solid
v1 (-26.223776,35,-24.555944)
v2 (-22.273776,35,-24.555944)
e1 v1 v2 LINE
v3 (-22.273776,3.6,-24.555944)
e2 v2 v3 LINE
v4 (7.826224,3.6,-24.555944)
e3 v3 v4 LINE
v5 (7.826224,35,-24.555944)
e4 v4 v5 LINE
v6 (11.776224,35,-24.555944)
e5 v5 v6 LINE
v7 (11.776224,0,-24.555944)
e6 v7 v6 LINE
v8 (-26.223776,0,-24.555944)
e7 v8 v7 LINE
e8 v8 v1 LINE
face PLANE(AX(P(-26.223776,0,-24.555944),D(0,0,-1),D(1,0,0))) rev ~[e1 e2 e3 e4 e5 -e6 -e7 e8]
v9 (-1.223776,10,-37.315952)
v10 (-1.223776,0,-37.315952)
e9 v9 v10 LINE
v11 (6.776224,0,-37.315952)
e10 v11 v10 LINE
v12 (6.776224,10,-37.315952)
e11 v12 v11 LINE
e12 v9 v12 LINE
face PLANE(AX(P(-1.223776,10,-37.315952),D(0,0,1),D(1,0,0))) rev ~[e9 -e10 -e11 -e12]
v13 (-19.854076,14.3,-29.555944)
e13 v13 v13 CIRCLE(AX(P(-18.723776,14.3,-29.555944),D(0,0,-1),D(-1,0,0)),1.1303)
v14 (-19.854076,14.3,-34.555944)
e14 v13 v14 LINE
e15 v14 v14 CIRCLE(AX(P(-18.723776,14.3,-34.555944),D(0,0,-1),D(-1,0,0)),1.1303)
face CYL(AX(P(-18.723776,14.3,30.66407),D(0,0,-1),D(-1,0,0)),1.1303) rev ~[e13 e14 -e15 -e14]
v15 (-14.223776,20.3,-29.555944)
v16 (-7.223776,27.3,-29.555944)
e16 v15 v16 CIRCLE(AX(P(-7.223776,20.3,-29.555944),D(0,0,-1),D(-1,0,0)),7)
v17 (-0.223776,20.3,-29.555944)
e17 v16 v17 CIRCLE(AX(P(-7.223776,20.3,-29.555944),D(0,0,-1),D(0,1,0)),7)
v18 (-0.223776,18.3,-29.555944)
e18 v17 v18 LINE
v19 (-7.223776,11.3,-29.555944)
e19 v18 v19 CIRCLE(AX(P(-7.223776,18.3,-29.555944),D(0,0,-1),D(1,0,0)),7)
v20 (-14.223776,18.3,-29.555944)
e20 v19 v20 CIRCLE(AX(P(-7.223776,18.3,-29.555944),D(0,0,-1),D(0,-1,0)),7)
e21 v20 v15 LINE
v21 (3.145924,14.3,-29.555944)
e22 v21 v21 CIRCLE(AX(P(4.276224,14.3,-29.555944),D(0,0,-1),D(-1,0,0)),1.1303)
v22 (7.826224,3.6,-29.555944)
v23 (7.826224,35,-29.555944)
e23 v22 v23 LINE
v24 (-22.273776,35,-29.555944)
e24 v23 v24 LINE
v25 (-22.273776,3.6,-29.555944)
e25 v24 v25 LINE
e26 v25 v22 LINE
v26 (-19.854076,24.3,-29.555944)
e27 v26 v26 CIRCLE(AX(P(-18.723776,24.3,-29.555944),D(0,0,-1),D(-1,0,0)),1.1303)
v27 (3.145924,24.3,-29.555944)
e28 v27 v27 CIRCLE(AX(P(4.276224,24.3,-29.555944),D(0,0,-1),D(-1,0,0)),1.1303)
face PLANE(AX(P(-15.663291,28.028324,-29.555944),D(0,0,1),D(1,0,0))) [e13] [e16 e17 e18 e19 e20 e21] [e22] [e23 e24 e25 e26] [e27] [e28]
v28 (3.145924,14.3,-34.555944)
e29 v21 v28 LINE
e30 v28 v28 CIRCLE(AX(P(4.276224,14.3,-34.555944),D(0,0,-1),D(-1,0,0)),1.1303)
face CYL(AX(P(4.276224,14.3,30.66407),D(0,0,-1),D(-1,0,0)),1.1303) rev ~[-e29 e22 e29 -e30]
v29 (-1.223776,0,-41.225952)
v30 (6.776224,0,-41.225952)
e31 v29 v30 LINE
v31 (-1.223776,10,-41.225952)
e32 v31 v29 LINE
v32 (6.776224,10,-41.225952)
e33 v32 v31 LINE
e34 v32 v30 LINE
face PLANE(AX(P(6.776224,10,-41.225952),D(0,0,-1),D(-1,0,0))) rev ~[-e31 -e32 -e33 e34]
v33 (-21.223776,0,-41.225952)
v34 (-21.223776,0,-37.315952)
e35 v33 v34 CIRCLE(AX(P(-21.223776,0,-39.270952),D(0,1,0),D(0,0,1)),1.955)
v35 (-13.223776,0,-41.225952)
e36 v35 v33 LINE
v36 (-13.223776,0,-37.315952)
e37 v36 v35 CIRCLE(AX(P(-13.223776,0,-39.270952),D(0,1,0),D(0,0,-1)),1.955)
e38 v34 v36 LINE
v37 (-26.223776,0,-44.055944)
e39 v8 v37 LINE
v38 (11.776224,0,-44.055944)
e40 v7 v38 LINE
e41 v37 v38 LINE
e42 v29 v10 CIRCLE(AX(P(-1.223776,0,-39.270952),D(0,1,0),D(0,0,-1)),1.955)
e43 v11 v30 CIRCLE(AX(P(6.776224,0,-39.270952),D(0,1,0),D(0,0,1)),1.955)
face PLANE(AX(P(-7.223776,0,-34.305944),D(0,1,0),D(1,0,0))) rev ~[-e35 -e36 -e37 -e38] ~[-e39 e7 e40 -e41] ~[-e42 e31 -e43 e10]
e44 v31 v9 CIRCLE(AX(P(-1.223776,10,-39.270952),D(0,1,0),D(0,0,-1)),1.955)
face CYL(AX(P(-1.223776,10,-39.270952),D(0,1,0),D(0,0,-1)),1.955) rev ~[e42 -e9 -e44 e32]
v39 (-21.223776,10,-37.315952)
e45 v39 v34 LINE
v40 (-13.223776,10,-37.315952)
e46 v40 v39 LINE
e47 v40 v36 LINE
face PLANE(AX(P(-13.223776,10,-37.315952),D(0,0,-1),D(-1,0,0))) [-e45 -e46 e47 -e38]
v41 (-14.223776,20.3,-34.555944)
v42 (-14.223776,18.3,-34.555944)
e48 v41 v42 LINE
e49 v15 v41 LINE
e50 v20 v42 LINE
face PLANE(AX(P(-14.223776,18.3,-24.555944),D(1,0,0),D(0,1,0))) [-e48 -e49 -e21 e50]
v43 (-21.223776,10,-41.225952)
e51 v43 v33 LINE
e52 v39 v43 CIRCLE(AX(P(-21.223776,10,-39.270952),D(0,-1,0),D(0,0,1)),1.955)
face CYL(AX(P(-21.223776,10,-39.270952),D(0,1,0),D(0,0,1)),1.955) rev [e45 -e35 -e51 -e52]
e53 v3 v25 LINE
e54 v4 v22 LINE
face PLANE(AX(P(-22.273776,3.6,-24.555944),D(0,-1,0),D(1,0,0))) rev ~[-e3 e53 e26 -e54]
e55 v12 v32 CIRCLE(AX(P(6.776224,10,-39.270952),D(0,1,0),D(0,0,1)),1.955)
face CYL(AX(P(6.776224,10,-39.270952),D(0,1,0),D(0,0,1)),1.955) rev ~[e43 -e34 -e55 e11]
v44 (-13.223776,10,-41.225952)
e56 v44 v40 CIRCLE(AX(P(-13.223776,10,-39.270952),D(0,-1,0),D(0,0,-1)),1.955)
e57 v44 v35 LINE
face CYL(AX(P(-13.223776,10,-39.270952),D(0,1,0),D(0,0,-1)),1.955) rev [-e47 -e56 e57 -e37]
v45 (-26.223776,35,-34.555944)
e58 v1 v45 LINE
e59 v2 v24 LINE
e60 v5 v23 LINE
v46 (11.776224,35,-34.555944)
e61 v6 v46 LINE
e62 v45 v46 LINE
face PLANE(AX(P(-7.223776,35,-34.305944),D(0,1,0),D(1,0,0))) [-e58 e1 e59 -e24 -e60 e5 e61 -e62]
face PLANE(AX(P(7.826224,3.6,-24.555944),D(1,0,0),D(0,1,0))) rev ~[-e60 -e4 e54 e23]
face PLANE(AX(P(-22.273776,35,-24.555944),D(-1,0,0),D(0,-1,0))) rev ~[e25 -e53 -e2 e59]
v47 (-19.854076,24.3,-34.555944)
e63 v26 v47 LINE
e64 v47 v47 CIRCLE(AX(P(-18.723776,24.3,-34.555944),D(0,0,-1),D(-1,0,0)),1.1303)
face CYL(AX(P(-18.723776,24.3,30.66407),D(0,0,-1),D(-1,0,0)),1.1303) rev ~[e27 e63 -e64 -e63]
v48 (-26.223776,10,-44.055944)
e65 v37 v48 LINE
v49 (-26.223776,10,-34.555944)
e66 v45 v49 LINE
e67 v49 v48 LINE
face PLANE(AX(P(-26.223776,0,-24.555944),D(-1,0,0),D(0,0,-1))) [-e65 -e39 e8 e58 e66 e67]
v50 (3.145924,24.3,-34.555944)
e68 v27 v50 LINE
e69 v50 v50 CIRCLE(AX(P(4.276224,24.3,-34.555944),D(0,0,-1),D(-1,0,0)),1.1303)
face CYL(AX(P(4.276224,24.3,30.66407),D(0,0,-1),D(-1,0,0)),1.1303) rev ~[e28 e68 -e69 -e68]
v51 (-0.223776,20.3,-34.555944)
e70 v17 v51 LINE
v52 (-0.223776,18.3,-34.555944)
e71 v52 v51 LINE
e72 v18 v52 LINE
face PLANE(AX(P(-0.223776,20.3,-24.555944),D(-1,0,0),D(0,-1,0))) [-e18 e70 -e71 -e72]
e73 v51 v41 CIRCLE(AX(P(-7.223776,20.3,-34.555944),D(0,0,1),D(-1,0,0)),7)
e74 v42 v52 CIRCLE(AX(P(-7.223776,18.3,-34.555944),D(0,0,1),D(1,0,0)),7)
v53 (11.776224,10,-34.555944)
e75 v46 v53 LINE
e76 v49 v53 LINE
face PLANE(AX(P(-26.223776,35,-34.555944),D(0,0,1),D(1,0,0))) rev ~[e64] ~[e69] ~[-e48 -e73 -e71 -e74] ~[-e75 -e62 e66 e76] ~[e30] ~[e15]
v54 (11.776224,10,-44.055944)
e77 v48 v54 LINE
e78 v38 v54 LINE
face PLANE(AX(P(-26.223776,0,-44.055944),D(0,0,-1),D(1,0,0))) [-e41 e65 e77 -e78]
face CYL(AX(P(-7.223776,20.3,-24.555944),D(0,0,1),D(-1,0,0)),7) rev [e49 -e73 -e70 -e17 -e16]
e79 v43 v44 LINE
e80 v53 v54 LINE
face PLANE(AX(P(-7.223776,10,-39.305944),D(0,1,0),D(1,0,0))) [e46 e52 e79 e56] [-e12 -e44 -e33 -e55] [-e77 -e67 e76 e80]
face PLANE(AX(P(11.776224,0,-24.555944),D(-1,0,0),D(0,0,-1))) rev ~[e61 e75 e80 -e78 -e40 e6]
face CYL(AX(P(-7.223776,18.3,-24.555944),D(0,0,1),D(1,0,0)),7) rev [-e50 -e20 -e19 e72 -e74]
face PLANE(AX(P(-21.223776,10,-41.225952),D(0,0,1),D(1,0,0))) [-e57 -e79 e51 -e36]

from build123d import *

# Parameters (mm, degrees)
SKETCH1_W                = 38
SKETCH1_H                = 19.5
BOSS_EXTRUDE1_DEPTH      = 35
SKETCH2_W                = 38
SKETCH2_H                = 9.5
CUT_EXTRUDE1_DEPTH       = 25
F_6_32_SLOT_REACH        = 12
APERTURE_THRU_HOLE_REACH = 21.5
SKETCH5_4_R              = 1.13
CUT_EXTRUDE5_DEPTH       = 5
F_4_40_TAPPED_HOLE1_D    = 2.2606


with BuildPart() as part:
    # Sketch1 → Boss-Extrude1 (new body)
    with BuildSketch(Plane(origin=(0, 0, 0), x_dir=(1, 0, 0), z_dir=(0, 1, 0))):
        with Locations((-7.223776224, 34.305944056)):
            Rectangle(SKETCH1_W, SKETCH1_H)
    extrude(amount=BOSS_EXTRUDE1_DEPTH)

    # Sketch2 → Cut-Extrude1 (cut)
    with BuildSketch(Plane(origin=(0, 35, 0), x_dir=(1, 0, 0), z_dir=(0, 1, 0))):
        with Locations((-7.223776224, 39.305944056)):
            Rectangle(SKETCH2_W, SKETCH2_H)
    extrude(amount=-CUT_EXTRUDE1_DEPTH, mode=Mode.SUBTRACT)

    # Sketch4 → 6-32 slot (cut, up to next)
    with BuildSketch(Plane(origin=(0, 10, 0), x_dir=(1, 0, 0), z_dir=(0, 1, 0)), mode=Mode.PRIVATE) as f_6_32_slot_sk1:
        with BuildLine():
            ThreePointArc((-13.223776224, 41.225951608), (-11.268776224, 39.270951608), (-13.223776224, 37.315951608))
            Line((-13.223776224, 37.315951608), (-21.223776224, 37.315951608))
            ThreePointArc((-21.223776224, 37.315951608), (-23.178776224, 39.270951608), (-21.223776224, 41.225951608))
            Line((-21.223776224, 41.225951608), (-13.223776224, 41.225951608))
        make_face()
    f_6_32_slot_tool1 = extrude(f_6_32_slot_sk1.sketch, amount=-F_6_32_SLOT_REACH, mode=Mode.PRIVATE) & part.part
    add(f_6_32_slot_tool1.solids().sort_by_distance((-17.223776, 10, -39.270952))[0], mode=Mode.SUBTRACT)
    # Sketch4 → 6-32 slot (cut, up to next)
    with BuildSketch(Plane(origin=(0, 10, 0), x_dir=(1, 0, 0), z_dir=(0, 1, 0)), mode=Mode.PRIVATE) as f_6_32_slot_sk2:
        with BuildLine():
            Line((6.776223776, 41.225951608), (-1.223776224, 41.225951608))
            ThreePointArc((-1.223776224, 41.225951608), (-3.178776224, 39.270951608), (-1.223776224, 37.315951608))
            Line((-1.223776224, 37.315951608), (6.776223776, 37.315951608))
            ThreePointArc((6.776223776, 37.315951608), (8.731223776, 39.270951608), (6.776223776, 41.225951608))
        make_face()
    f_6_32_slot_tool2 = extrude(f_6_32_slot_sk2.sketch, amount=-F_6_32_SLOT_REACH, mode=Mode.PRIVATE) & part.part
    add(f_6_32_slot_tool2.solids().sort_by_distance((2.776224, 10, -39.270952))[0], mode=Mode.SUBTRACT)

    # Sketch5 → aperture thru hole (cut, up to next)
    with BuildSketch(Plane.XY.offset(-24.555944056), mode=Mode.PRIVATE) as aperture_thru_hole_sk1:
        with BuildLine():
            Line((-14.223776224, 18.3), (-14.223776224, 20.3))
            ThreePointArc((-14.223776224, 20.3), (-7.223776224, 27.3), (-0.223776224, 20.3))
            Line((-0.223776224, 20.3), (-0.223776224, 18.3))
            ThreePointArc((-0.223776224, 18.3), (-7.223776224, 11.3), (-14.223776224, 18.3))
        make_face()
    aperture_thru_hole_tool1 = extrude(aperture_thru_hole_sk1.sketch, amount=-APERTURE_THRU_HOLE_REACH, mode=Mode.PRIVATE) & part.part
    add(aperture_thru_hole_tool1.solids().sort_by_distance((-7.223776, 19.3, -24.555944))[0], mode=Mode.SUBTRACT)

    # Sketch5<4> → Cut-Extrude5 (cut)
    with BuildSketch(Plane.XY.offset(-24.555944056)):
        with BuildLine():
            Line((-7.223776224, 27.3), (-7.223776224, 35))
            Line((-7.223776224, 35), (-22.273776224, 35))
            Line((-22.273776224, 35), (-22.273776224, 19.3))
            Line((-22.273776224, 19.3), (-14.223776224, 19.3))
            Line((-14.223776224, 19.3), (-14.223776224, 20.3))
            ThreePointArc((-14.223776224, 20.3), (-12.173523692, 25.249747468), (-7.223776224, 27.3))
        make_face()
        with Locations((-18.723776224, 24.3)):
            Circle(SKETCH5_4_R, mode=Mode.SUBTRACT)
        with BuildLine():
            Line((7.826223776, 35), (-7.223776224, 35))
            Line((-7.223776224, 35), (-7.223776224, 27.3))
            ThreePointArc((-7.223776224, 27.3), (-2.274028755, 25.249747468), (-0.223776224, 20.3))
            Line((-0.223776224, 20.3), (-0.223776224, 19.3))
            Line((-0.223776224, 19.3), (7.826223776, 19.3))
            Line((7.826223776, 19.3), (7.826223776, 35))
        make_face()
        with Locations((4.276223776, 24.3)):
            Circle(SKETCH5_4_R, mode=Mode.SUBTRACT)
        with BuildLine():
            Line((7.826223776, 3.6), (7.826223776, 19.3))
            Line((7.826223776, 19.3), (-0.223776224, 19.3))
            Line((-0.223776224, 19.3), (-0.223776224, 18.3))
            ThreePointArc((-0.223776224, 18.3), (-2.274028755, 13.350252532), (-7.223776224, 11.3))
            Line((-7.223776224, 11.3), (-7.223776224, 3.6))
            Line((-7.223776224, 3.6), (7.826223776, 3.6))
        make_face()
        with Locations((4.276223776, 14.3)):
            Circle(SKETCH5_4_R, mode=Mode.SUBTRACT)
        with BuildLine():
            Line((-14.223776224, 19.3), (-22.273776224, 19.3))
            Line((-22.273776224, 19.3), (-22.273776224, 3.6))
            Line((-22.273776224, 3.6), (-7.223776224, 3.6))
            Line((-7.223776224, 3.6), (-7.223776224, 11.3))
            ThreePointArc((-7.223776224, 11.3), (-12.173523692, 13.350252532), (-14.223776224, 18.3))
            Line((-14.223776224, 18.3), (-14.223776224, 19.3))
        make_face()
        with Locations((-18.723776224, 14.3)):
            Circle(SKETCH5_4_R, mode=Mode.SUBTRACT)
    extrude(amount=-CUT_EXTRUDE5_DEPTH, mode=Mode.SUBTRACT)

    # #4-40 Tapped Hole1 (through all)
    with Locations(Plane.XY.offset(-24.555944056)):
        with Locations((-18.723776224, 24.3), (-18.723776224, 14.3), (4.276223776, 14.3), (4.276223776, 24.3)):
            Hole(F_4_40_TAPPED_HOLE1_D / 2)


solid = part.part
